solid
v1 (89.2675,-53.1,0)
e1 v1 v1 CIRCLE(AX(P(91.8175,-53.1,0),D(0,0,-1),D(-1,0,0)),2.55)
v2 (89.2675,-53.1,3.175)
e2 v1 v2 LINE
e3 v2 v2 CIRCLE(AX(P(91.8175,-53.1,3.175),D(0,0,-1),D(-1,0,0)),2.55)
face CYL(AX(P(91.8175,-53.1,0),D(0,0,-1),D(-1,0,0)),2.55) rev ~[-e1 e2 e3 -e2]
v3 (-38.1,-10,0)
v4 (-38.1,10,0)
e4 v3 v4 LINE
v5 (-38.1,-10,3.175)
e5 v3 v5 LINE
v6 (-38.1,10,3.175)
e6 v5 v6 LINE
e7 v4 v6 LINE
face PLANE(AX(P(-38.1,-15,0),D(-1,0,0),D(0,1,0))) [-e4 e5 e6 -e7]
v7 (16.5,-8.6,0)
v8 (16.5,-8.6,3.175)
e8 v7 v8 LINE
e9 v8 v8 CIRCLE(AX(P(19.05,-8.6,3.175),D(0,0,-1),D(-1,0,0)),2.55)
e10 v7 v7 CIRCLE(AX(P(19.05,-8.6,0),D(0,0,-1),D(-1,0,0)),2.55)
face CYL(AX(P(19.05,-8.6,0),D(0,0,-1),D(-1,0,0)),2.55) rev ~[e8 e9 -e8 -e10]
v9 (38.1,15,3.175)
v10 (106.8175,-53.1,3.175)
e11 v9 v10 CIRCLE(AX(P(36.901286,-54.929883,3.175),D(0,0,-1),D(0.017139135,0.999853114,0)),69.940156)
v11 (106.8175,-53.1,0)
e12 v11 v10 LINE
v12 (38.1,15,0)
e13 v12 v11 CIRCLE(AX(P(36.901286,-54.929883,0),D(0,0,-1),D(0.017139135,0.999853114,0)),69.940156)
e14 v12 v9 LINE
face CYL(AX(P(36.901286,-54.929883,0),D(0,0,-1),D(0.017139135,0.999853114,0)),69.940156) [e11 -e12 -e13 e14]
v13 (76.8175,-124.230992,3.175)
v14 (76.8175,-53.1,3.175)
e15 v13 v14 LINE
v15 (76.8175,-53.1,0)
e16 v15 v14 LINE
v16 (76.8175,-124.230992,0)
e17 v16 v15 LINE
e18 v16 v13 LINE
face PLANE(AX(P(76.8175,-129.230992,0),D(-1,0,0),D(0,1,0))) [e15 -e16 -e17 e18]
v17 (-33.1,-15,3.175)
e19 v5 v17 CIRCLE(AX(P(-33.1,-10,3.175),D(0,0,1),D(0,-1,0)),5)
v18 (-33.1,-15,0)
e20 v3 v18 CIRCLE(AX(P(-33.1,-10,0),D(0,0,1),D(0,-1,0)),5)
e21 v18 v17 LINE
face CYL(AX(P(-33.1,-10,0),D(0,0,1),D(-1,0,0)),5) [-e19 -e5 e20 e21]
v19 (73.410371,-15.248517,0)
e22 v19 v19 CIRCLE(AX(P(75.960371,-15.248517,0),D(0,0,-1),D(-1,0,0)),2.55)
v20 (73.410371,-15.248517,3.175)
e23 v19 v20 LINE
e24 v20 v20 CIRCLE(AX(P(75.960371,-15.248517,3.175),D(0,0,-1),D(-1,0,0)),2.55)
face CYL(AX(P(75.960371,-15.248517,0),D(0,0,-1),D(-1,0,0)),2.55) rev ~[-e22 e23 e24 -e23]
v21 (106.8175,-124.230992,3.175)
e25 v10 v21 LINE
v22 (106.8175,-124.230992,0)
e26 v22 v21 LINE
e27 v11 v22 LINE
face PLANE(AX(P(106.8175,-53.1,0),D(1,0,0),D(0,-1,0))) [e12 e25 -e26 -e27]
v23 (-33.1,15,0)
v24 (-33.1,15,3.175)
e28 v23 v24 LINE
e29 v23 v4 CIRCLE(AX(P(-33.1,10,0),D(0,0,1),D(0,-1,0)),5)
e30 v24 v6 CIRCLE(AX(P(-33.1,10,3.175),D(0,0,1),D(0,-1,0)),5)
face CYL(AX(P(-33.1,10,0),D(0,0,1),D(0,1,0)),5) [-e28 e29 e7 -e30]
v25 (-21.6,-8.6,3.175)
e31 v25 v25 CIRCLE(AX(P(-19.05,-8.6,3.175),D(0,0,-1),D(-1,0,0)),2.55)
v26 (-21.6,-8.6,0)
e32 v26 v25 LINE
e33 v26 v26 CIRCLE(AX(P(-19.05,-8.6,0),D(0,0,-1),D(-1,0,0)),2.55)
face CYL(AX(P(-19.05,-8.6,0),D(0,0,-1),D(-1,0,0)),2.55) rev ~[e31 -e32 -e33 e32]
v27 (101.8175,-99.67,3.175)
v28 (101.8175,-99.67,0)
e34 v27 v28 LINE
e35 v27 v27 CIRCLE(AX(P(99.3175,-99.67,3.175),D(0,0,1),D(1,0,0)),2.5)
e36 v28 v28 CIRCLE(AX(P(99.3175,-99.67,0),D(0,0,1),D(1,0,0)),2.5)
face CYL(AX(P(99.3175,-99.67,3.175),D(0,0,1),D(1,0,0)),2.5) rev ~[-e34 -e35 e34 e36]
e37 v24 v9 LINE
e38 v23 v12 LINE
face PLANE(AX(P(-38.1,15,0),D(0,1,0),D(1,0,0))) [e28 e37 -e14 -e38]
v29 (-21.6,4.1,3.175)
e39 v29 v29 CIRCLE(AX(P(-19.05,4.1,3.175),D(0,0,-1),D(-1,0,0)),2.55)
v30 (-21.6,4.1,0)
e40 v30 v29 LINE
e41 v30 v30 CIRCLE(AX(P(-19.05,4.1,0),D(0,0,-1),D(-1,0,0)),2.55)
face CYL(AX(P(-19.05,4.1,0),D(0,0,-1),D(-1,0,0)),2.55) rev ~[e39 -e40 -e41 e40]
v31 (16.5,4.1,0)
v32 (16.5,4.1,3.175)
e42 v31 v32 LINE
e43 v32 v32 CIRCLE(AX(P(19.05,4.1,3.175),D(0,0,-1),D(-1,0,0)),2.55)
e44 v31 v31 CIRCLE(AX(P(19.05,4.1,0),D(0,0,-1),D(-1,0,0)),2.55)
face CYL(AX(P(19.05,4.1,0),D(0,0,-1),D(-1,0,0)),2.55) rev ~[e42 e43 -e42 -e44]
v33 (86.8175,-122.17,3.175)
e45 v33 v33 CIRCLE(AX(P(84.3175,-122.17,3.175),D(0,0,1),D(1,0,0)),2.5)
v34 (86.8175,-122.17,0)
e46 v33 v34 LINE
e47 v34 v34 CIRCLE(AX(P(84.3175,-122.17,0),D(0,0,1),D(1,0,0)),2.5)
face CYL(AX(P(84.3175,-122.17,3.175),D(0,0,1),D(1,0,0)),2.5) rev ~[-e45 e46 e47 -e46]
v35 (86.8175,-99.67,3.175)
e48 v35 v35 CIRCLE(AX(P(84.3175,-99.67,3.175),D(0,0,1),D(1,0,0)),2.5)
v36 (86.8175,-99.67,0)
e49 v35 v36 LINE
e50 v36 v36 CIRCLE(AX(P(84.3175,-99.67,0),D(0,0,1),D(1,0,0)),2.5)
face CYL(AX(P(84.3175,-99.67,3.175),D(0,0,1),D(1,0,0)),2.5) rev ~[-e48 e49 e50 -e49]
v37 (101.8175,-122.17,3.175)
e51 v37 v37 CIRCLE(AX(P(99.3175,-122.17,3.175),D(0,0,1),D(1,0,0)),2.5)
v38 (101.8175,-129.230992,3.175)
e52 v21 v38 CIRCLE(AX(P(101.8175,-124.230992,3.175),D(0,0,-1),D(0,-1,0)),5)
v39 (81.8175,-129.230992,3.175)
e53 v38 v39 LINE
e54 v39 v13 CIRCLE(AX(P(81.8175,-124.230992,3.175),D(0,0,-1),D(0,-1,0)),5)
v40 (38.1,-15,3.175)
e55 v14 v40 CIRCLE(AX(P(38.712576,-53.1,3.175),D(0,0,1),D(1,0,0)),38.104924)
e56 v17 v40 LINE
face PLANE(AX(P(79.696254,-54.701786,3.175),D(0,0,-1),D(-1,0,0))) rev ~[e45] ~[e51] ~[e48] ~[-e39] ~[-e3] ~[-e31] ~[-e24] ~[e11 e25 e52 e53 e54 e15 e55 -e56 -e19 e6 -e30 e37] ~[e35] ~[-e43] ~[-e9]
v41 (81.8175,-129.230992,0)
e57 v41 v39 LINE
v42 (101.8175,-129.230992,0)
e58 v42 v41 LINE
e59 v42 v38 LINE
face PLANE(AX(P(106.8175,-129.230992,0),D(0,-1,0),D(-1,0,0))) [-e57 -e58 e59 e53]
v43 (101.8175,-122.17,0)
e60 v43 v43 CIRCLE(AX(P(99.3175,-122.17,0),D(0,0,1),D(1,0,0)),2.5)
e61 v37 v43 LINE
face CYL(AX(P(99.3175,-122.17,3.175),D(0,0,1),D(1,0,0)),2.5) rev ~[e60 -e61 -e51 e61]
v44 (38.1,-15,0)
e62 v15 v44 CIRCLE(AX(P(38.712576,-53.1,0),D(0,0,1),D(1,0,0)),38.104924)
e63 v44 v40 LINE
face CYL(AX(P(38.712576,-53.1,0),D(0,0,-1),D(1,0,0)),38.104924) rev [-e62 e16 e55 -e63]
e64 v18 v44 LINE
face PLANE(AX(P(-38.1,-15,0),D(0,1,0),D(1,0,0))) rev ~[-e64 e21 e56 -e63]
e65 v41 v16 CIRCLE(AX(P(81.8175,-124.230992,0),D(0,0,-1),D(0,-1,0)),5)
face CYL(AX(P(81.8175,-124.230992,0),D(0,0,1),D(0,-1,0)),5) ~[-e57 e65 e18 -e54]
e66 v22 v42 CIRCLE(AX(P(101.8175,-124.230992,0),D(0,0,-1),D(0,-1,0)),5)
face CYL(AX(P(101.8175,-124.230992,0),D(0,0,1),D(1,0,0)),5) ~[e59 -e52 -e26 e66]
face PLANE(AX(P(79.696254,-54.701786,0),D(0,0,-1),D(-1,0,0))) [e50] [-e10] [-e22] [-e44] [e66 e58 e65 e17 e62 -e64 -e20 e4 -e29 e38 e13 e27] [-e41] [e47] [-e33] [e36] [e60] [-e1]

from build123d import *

# Parameters (mm, degrees)
SKETCH1_W           = 76.2
SKETCH1_H           = 30
BOSS_EXTRUDE1_DEPTH = 3.175
BOSS_EXTRUDE2_DEPTH = 3.175
FILLET1_R           = 5
SKETCH5_R           = 2.5
CUT_EXTRUDE2_DEPTH  = 168.692302315
SKETCH6_R           = 2.55
CUT_EXTRUDE3_DEPTH  = 168.692302315
SKETCH7_R           = 2.55
CUT_EXTRUDE4_DEPTH  = 10


with BuildPart() as part:
    # Sketch1 → Boss-Extrude1 (new body)
    with BuildSketch(Plane.XY):
        Rectangle(SKETCH1_W, SKETCH1_H)
    extrude(amount=BOSS_EXTRUDE1_DEPTH)

    # Sketch3 → Boss-Extrude2 (add)
    with BuildSketch(Plane(origin=(0, 0, 0), x_dir=(-1, 0, 0), z_dir=(0, 0, -1))):
        with BuildLine():
            ThreePointArc((-38.1, 15), (-86.132736854, -5.252023618), (-106.8175, -53.1))
            Line((-106.8175, -53.1), (-106.8175, -129.230992121))
            Line((-106.8175, -129.230992121), (-76.8175, -129.230992121))
            Line((-76.8175, -129.230992121), (-76.8175, -53.1))
            ThreePointArc((-76.8175, -53.1), (-65.439370351, -25.940034949), (-38.1, -15))
            Line((-38.1, -15), (-38.1, 15))
        make_face()
    extrude(amount=-BOSS_EXTRUDE2_DEPTH)

    # Fillet1
    fillet1_edges = [part.edges().sort_by_distance(p)[0] for p in [
        (106.8175, -129.230992121, 1.5875),
        (76.8175, -129.230992121, 1.5875),
        (-38.1, 15, 1.5875),
        (-38.1, -15, 1.5875),
    ]]
    fillet(fillet1_edges, radius=FILLET1_R)

    # Sketch5 → Cut-Extrude2 (cut, through all)
    with BuildSketch(Plane.XY.offset(3.175)):
        with Locations((99.3175, -122.17)):
            Circle(SKETCH5_R)
        with Locations((84.3175, -122.17)):
            Circle(SKETCH5_R)
        with Locations((84.3175, -99.67)):
            Circle(SKETCH5_R)
        with Locations((99.3175, -99.67)):
            Circle(SKETCH5_R)
    extrude(amount=-CUT_EXTRUDE2_DEPTH, mode=Mode.SUBTRACT)

    # Sketch6 → Cut-Extrude3 (cut, through all)
    with BuildSketch(Plane(origin=(0, 0, 0), x_dir=(-1, 0, 0), z_dir=(0, 0, -1))):
        with Locations((-19.05, -8.6)):
            Circle(SKETCH6_R)
        with Locations((19.05, -8.6)):
            Circle(SKETCH6_R)
        with Locations((19.05, 4.1)):
            Circle(SKETCH6_R)
        with Locations((-19.05, 4.1)):
            Circle(SKETCH6_R)
    extrude(amount=-CUT_EXTRUDE3_DEPTH, mode=Mode.SUBTRACT)

    # Sketch7 → Cut-Extrude4 (cut)
    with BuildSketch(Plane(origin=(0, 0, 0), x_dir=(-1, 0, 0), z_dir=(0, 0, -1))):
        with Locations((-75.960370634, -15.248517141)):
            Circle(SKETCH7_R)
        with Locations((-91.8175, -53.1)):
            Circle(SKETCH7_R)
    extrude(amount=-CUT_EXTRUDE4_DEPTH, mode=Mode.SUBTRACT)


solid = part.part
